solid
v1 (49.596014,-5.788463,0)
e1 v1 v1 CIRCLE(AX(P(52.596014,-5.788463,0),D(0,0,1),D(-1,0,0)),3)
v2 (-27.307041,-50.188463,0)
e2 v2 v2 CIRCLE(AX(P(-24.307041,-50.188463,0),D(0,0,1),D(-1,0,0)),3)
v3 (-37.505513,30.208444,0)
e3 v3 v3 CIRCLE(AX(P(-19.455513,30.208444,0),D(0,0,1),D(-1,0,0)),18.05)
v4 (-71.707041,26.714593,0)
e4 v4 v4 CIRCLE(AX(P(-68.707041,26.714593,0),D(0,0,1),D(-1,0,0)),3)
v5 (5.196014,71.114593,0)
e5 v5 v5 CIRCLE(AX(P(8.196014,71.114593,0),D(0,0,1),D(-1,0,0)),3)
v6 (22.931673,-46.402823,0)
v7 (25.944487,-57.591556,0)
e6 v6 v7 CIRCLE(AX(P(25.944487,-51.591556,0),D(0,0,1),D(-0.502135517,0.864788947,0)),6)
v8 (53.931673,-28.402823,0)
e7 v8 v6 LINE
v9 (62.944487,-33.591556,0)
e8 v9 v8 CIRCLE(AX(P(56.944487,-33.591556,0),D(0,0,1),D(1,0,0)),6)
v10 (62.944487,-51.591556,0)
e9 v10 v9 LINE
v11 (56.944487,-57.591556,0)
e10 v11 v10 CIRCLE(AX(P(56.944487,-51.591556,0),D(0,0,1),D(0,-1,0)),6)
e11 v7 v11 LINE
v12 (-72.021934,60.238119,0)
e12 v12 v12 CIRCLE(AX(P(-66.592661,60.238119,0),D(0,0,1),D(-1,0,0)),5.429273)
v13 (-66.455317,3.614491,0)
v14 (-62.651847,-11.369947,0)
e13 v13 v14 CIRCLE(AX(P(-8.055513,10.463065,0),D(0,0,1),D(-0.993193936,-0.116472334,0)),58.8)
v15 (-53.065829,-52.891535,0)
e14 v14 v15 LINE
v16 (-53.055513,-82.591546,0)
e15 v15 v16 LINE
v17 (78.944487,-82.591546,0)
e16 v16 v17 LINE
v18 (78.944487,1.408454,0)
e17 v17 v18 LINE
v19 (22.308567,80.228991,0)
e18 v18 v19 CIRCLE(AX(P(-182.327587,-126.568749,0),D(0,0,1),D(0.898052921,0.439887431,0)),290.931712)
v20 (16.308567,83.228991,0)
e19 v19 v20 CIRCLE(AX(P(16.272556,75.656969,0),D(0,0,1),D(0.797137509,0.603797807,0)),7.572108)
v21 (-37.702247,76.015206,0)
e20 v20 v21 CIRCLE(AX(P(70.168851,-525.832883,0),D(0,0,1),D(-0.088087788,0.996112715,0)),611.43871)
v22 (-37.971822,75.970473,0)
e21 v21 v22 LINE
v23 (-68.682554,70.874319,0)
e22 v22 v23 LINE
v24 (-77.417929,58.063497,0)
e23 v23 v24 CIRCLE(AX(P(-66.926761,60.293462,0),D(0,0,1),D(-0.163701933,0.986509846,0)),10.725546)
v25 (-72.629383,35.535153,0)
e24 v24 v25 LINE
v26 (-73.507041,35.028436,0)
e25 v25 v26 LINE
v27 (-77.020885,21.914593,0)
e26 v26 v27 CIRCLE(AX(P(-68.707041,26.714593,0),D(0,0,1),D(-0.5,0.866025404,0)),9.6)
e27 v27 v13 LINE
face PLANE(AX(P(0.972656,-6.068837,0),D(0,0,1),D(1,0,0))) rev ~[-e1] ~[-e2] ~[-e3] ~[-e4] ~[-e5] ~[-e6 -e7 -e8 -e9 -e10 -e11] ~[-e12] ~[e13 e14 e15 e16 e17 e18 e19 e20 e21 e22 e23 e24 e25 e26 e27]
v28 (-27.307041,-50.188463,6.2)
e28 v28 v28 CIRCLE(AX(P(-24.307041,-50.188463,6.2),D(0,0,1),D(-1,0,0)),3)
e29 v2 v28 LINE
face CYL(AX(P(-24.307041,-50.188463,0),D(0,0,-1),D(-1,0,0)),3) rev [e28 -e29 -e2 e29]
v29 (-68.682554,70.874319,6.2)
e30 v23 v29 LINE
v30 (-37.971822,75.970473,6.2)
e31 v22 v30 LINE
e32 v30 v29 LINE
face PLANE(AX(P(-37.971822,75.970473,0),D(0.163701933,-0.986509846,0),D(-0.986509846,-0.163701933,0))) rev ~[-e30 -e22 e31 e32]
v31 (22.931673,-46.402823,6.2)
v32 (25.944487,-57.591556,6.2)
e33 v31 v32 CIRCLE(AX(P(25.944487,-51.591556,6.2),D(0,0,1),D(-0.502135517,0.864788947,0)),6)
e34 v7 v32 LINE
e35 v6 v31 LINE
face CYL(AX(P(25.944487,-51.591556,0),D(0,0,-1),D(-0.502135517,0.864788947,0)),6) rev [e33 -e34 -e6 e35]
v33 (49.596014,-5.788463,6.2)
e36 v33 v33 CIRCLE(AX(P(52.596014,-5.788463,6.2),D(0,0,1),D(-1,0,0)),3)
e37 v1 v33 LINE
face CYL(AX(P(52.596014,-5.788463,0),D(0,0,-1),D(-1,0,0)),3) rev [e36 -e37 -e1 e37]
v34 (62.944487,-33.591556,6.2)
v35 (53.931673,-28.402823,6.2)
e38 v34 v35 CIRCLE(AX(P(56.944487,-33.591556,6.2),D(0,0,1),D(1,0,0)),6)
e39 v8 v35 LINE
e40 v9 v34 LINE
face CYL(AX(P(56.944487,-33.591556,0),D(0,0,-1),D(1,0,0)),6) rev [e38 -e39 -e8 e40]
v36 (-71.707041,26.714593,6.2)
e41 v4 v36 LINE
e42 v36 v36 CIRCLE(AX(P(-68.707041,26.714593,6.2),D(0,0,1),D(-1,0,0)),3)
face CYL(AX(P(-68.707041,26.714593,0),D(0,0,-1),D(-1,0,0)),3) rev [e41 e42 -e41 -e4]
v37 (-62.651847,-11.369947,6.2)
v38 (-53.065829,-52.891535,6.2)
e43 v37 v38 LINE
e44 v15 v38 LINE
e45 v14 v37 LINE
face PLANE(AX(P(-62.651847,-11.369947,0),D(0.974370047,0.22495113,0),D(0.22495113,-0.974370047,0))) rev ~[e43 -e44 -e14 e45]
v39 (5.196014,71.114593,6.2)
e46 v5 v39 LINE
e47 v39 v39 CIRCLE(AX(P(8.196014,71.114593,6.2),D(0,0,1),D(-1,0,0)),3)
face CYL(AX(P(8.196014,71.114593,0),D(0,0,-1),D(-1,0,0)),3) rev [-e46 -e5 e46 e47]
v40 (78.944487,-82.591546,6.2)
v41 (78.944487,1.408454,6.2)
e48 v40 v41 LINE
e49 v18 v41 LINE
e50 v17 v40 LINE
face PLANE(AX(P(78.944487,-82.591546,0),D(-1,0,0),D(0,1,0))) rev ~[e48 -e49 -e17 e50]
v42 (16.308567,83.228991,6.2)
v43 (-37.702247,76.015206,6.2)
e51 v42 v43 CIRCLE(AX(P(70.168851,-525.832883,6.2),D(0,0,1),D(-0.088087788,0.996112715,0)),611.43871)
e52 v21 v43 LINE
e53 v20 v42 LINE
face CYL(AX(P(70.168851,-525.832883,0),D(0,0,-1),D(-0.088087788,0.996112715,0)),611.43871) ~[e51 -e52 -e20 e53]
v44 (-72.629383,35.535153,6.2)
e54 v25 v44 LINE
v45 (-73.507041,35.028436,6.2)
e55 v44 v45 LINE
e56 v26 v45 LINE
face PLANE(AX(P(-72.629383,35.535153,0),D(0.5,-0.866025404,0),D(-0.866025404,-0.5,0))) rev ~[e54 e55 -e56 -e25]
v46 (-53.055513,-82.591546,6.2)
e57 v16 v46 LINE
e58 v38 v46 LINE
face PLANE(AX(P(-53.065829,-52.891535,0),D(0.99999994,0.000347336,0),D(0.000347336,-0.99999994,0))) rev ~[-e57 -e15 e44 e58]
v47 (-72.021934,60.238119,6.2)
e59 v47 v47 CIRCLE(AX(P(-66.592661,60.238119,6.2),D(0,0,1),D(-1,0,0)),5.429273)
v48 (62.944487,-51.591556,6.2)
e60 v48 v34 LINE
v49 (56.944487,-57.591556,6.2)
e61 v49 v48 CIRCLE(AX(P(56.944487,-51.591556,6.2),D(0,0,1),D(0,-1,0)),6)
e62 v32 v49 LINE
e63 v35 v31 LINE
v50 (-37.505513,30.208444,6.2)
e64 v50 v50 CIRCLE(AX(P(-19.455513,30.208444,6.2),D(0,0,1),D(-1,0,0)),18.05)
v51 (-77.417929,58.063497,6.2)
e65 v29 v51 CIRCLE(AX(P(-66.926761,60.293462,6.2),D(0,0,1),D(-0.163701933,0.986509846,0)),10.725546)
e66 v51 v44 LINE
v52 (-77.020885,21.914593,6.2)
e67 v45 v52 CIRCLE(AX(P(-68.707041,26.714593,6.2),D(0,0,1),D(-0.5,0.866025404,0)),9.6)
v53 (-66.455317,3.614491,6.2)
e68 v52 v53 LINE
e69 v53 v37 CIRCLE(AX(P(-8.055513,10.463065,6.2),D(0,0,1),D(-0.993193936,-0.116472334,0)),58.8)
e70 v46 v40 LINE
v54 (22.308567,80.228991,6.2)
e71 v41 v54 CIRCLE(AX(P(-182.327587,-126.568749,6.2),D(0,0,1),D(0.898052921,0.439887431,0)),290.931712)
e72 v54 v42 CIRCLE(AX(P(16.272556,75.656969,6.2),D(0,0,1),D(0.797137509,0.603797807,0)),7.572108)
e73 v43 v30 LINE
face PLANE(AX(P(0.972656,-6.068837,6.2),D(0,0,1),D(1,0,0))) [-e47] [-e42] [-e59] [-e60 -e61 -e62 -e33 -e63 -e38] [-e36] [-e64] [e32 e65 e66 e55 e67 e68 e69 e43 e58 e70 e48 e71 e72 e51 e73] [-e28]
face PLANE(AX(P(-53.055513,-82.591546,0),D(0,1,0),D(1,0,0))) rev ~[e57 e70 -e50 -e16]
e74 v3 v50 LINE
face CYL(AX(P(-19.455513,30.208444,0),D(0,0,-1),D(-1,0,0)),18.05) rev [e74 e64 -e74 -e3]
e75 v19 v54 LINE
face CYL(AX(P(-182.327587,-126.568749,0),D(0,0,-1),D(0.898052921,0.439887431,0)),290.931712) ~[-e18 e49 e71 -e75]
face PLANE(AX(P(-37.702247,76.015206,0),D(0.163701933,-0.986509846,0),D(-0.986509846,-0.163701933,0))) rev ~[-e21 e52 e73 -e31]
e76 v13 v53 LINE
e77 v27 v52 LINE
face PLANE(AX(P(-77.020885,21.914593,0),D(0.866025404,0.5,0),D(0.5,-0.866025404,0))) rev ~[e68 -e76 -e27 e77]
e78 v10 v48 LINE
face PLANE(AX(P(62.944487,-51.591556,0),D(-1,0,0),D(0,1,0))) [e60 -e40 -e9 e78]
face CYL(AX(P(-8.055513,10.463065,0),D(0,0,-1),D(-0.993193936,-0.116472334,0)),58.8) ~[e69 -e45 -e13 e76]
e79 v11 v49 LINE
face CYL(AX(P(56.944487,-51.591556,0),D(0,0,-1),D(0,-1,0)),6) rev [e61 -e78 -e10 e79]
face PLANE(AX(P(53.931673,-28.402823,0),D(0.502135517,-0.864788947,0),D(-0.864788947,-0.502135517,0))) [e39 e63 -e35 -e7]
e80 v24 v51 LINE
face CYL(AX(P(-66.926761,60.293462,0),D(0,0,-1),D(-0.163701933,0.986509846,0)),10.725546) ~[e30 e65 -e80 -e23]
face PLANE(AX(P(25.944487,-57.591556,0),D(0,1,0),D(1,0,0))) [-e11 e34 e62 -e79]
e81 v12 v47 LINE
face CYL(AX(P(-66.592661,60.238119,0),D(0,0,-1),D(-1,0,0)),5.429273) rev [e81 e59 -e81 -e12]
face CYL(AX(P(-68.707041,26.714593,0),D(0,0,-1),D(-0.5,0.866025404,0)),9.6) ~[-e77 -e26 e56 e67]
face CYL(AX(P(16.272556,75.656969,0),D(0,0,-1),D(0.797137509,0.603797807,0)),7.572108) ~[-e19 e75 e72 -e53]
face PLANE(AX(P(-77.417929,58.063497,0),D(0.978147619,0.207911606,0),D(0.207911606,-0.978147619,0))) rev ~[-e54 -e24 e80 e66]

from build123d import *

# Parameters (mm, degrees)
SKETCH1_R           = 5.42927296
SKETCH1_R_2         = 18.05
SKETCH1_R_3         = 3
BOSS_EXTRUDE1_DEPTH = 6.2


with BuildPart() as part:
    # Sketch1 → Boss-Extrude1 (new body)
    with BuildSketch(Plane.XY):
        with BuildLine():
            ThreePointArc((22.30856743, 80.228990984), (19.658905911, 82.429667946), (16.30856743, 83.228990984))
            ThreePointArc((16.30856743, 83.228990984), (-10.777239886, 80.224067192), (-37.702247141, 76.015206396))
            Line((-37.702247141, 76.015206396), (-37.971821537, 75.970473087))
            Line((-37.971821537, 75.970473087), (-68.682554074, 70.874318891))
            ThreePointArc((-68.682554074, 70.874318891), (-75.78826802, 66.335898634), (-77.417928756, 58.063496625))
            Line((-77.417928756, 58.063496625), (-72.629383419, 35.535152501))
            Line((-72.629383419, 35.535152501), (-73.507041371, 35.028436446))
            ThreePointArc((-73.507041371, 35.028436446), (-77.979929304, 29.199255403), (-77.020885248, 21.91459257))
            Line((-77.020885248, 21.91459257), (-66.455316905, 3.61449139))
            ThreePointArc((-66.455316905, 3.61449139), (-65.048189041, -4.003273118), (-62.651846579, -11.369947247))
            Line((-62.651846579, -11.369947247), (-53.06582932, -52.891535091))
            Line((-53.06582932, -52.891535091), (-53.055513447, -82.591545802))
            Line((-53.055513447, -82.591545802), (78.944486553, -82.591545802))
            Line((78.944486553, -82.591545802), (78.944486553, -50.191545802))
            Line((78.944486553, -50.191545802), (78.944486553, 1.408454198))
            ThreePointArc((78.944486553, 1.408454198), (53.936647448, 43.197185389), (22.30856743, 80.228990984))
        make_face()
        with Locations(Location((-66.592661175, 60.23811882, 0), (0, 0, 180))):
            Circle(SKETCH1_R, mode=Mode.SUBTRACT)
        with Locations(Location((-19.455513478, 30.208443842, 0), (0, 0, 180))):
            Circle(SKETCH1_R_2, mode=Mode.SUBTRACT)
        with Locations(Location((8.19601445, 71.114592564, 0), (0, 0, 180))):
            Circle(SKETCH1_R_3, mode=Mode.SUBTRACT)
        with Locations(Location((-24.307041406, -50.188463292, 0), (0, 0, 180))):
            Circle(SKETCH1_R_3, mode=Mode.SUBTRACT)
        with Locations(Location((-68.707041371, 26.71459257, 0), (0, 0, 180))):
            Circle(SKETCH1_R_3, mode=Mode.SUBTRACT)
        with Locations(Location((52.59601445, -5.788463292, 0), (0, 0, 180))):
            Circle(SKETCH1_R_3, mode=Mode.SUBTRACT)
        with BuildLine():
            ThreePointArc((22.931673418, -46.402822526), (20.150851995, -53.151619974), (25.944486522, -57.591556206))
            Line((25.944486522, -57.591556206), (56.944486522, -57.591556206))
            ThreePointArc((56.944486522, -57.591556206), (61.18712721, -55.834196893), (62.944486522, -51.591556206))
            Line((62.944486522, -51.591556206), (62.944486522, -33.591556206))
            ThreePointArc((62.944486522, -33.591556206), (59.938073115, -28.391706274), (53.931673418, -28.402822526))
            Line((53.931673418, -28.402822526), (22.931673418, -46.402822526))
        make_face(mode=Mode.SUBTRACT)
    extrude(amount=BOSS_EXTRUDE1_DEPTH)


solid = part.part
